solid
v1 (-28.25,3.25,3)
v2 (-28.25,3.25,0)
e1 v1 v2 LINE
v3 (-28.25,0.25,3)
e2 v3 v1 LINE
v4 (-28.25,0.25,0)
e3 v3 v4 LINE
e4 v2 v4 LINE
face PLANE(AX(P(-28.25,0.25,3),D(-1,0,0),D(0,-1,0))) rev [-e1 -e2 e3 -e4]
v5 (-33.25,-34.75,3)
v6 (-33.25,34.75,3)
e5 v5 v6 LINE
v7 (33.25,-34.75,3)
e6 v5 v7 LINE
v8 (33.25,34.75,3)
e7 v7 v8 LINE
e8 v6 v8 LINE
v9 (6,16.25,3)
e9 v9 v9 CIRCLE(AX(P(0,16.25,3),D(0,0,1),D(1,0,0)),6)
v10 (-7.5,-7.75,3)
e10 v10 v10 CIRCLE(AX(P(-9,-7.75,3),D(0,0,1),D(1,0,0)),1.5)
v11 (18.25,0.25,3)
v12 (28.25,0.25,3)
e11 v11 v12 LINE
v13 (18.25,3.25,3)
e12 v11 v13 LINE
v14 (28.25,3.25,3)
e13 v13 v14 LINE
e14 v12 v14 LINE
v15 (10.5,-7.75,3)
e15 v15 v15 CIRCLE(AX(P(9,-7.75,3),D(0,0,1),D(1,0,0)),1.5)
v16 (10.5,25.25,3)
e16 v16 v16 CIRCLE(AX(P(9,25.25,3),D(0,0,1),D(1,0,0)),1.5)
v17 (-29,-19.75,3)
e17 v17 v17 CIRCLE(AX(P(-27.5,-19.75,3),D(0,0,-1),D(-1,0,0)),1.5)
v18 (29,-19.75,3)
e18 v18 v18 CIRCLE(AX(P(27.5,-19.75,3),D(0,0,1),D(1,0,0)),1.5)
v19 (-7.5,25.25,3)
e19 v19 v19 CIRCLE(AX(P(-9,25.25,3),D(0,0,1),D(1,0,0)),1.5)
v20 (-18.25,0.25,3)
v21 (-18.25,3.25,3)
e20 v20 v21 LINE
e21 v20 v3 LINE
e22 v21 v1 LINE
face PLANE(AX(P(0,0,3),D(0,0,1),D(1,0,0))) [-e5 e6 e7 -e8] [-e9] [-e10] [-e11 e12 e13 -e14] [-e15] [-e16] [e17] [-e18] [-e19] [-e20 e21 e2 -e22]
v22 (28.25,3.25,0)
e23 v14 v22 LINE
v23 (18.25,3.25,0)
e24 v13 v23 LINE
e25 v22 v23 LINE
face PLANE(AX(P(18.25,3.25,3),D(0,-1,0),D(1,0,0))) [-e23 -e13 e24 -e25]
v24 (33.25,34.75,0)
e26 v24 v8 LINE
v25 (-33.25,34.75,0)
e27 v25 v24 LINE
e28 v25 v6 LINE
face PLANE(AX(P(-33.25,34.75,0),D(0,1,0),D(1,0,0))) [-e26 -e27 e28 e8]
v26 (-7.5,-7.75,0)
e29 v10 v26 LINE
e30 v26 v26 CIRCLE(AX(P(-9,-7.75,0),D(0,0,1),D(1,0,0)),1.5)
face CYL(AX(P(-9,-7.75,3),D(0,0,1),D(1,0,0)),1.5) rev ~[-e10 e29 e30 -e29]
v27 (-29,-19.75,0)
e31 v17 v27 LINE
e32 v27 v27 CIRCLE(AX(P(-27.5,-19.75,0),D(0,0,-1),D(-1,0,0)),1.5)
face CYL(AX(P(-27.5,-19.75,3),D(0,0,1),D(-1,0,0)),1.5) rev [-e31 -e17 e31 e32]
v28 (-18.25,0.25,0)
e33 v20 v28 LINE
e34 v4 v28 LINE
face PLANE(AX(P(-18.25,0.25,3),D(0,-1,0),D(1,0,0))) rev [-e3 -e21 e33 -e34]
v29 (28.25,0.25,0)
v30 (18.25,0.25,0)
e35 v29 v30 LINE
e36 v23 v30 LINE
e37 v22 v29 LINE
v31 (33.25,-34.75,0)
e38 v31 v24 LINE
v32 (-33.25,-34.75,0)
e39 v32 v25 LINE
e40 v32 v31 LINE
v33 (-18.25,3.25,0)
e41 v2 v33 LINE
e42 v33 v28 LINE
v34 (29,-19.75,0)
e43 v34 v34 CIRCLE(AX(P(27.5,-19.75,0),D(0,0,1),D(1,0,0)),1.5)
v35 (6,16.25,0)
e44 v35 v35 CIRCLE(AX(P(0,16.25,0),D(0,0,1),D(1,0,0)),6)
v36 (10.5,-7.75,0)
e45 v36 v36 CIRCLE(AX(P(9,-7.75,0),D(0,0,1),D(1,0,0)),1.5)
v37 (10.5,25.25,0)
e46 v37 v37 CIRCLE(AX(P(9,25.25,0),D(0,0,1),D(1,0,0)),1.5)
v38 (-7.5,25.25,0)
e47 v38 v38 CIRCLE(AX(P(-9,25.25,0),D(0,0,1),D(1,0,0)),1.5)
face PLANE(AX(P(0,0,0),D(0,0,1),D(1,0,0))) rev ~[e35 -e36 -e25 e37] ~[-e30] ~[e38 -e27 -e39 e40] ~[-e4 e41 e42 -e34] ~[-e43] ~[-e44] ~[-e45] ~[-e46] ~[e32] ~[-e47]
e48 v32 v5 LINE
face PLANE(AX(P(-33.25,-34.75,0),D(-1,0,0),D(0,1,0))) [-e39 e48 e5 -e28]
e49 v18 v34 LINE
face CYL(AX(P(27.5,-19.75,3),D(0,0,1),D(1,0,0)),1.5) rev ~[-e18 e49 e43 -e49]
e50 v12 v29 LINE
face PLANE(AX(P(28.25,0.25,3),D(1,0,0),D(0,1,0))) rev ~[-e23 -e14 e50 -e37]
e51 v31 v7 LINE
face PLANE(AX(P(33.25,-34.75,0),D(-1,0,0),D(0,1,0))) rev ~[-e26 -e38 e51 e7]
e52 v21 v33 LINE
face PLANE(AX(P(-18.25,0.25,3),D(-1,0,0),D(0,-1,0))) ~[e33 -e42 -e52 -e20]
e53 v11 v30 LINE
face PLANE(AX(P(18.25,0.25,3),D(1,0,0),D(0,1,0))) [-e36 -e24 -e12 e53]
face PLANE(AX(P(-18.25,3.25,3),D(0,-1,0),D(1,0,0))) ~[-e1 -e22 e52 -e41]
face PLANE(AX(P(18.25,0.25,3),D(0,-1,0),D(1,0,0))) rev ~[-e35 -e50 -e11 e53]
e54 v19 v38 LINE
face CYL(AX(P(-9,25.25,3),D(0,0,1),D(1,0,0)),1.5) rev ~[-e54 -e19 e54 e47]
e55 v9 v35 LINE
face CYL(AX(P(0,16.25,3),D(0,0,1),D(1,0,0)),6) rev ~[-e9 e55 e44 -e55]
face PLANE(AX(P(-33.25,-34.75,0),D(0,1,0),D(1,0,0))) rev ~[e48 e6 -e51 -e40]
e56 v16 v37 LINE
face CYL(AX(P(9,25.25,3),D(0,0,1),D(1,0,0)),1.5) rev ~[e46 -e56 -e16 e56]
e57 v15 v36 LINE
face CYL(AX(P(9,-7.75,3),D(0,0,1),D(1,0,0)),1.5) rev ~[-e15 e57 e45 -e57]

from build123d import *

# Parameters (mm, degrees)
SKETCH1_W           = 66.5
SKETCH1_H           = 69.5
BOSS_EXTRUDE1_DEPTH = 3
CUT_EXTRUDE1_REACH  = 50.188
SKETCH3_R           = 6
SKETCH3_R_2         = 1.5
CUT_EXTRUDE2_REACH  = 50.188
SKETCH4_R           = 1.5
CUT_EXTRUDE3_REACH  = 50.188
SKETCH5_W           = 10
SKETCH5_H           = 3


with BuildPart() as part:
    # Sketch1 → Boss-Extrude1 (new body)
    with BuildSketch(Plane.XY):
        Rectangle(SKETCH1_W, SKETCH1_H)
    extrude(amount=BOSS_EXTRUDE1_DEPTH)

    # Sketch3 → Cut-Extrude1 (cut, up to next)
    with BuildSketch(Plane.XY.offset(3), mode=Mode.PRIVATE) as cut_extrude1_sk1:
        with Locations((0, 16.25)):
            Circle(SKETCH3_R)
    cut_extrude1_tool1 = extrude(cut_extrude1_sk1.sketch, amount=-CUT_EXTRUDE1_REACH, mode=Mode.PRIVATE) & part.part
    # Sketch3 → Cut-Extrude1 (cut, up to next)
    with BuildSketch(Plane.XY.offset(3), mode=Mode.PRIVATE) as cut_extrude1_sk2:
        with Locations((9, 25.25)):
            Circle(SKETCH3_R_2)
    cut_extrude1_tool2 = extrude(cut_extrude1_sk2.sketch, amount=-CUT_EXTRUDE1_REACH, mode=Mode.PRIVATE) & part.part
    # Sketch3 → Cut-Extrude1 (cut, up to next)
    with BuildSketch(Plane.XY.offset(3), mode=Mode.PRIVATE) as cut_extrude1_sk3:
        with Locations((-9, 25.25)):
            Circle(SKETCH3_R_2)
    cut_extrude1_tool3 = extrude(cut_extrude1_sk3.sketch, amount=-CUT_EXTRUDE1_REACH, mode=Mode.PRIVATE) & part.part
    # Sketch3 → Cut-Extrude1 (cut, up to next)
    with BuildSketch(Plane.XY.offset(3), mode=Mode.PRIVATE) as cut_extrude1_sk4:
        with Locations((9, -7.75)):
            Circle(SKETCH3_R_2)
    cut_extrude1_tool4 = extrude(cut_extrude1_sk4.sketch, amount=-CUT_EXTRUDE1_REACH, mode=Mode.PRIVATE) & part.part
    # Sketch3 → Cut-Extrude1 (cut, up to next)
    with BuildSketch(Plane.XY.offset(3), mode=Mode.PRIVATE) as cut_extrude1_sk5:
        with Locations((-9, -7.75)):
            Circle(SKETCH3_R_2)
    cut_extrude1_tool5 = extrude(cut_extrude1_sk5.sketch, amount=-CUT_EXTRUDE1_REACH, mode=Mode.PRIVATE) & part.part
    add(cut_extrude1_tool1.solids().sort_by_distance((0, 16.25, 3))[0], mode=Mode.SUBTRACT)
    add(cut_extrude1_tool2.solids().sort_by_distance((9, 25.25, 3))[0], mode=Mode.SUBTRACT)
    add(cut_extrude1_tool3.solids().sort_by_distance((-9, 25.25, 3))[0], mode=Mode.SUBTRACT)
    add(cut_extrude1_tool4.solids().sort_by_distance((9, -7.75, 3))[0], mode=Mode.SUBTRACT)
    add(cut_extrude1_tool5.solids().sort_by_distance((-9, -7.75, 3))[0], mode=Mode.SUBTRACT)

    # Sketch4 → Cut-Extrude2 (cut, up to next)
    with BuildSketch(Plane.XY.offset(3), mode=Mode.PRIVATE) as cut_extrude2_sk1:
        with Locations((27.5, -19.75)):
            Circle(SKETCH4_R)
    cut_extrude2_tool1 = extrude(cut_extrude2_sk1.sketch, amount=-CUT_EXTRUDE2_REACH, mode=Mode.PRIVATE) & part.part
    cut_extrude2 = cut_extrude2_tool1.solids().sort_by_distance((27.5, -19.75, 3))[0]
    add(cut_extrude2, mode=Mode.SUBTRACT)

    # Mirror1: Cut-Extrude2 across plane
    add(cut_extrude2.mirror(Plane(origin=(0, 0, 0), x_dir=(0, 0, 1), z_dir=(1, 0, 0))), mode=Mode.SUBTRACT)

    # Sketch5 → Cut-Extrude3 (cut, up to next)
    with BuildSketch(Plane.XY.offset(3), mode=Mode.PRIVATE) as cut_extrude3_sk1:
        with Locations((23.25, 1.75)):
            Rectangle(SKETCH5_W, SKETCH5_H)
    cut_extrude3_tool1 = extrude(cut_extrude3_sk1.sketch, amount=-CUT_EXTRUDE3_REACH, mode=Mode.PRIVATE) & part.part
    cut_extrude3 = cut_extrude3_tool1.solids().sort_by_distance((23.25, 1.75, 3))[0]
    add(cut_extrude3, mode=Mode.SUBTRACT)

    # Mirror2: Cut-Extrude3 across plane
    add(cut_extrude3.mirror(Plane(origin=(0, 0, 0), x_dir=(0, 0, 1), z_dir=(1, 0, 0))), mode=Mode.SUBTRACT)


solid = part.part
